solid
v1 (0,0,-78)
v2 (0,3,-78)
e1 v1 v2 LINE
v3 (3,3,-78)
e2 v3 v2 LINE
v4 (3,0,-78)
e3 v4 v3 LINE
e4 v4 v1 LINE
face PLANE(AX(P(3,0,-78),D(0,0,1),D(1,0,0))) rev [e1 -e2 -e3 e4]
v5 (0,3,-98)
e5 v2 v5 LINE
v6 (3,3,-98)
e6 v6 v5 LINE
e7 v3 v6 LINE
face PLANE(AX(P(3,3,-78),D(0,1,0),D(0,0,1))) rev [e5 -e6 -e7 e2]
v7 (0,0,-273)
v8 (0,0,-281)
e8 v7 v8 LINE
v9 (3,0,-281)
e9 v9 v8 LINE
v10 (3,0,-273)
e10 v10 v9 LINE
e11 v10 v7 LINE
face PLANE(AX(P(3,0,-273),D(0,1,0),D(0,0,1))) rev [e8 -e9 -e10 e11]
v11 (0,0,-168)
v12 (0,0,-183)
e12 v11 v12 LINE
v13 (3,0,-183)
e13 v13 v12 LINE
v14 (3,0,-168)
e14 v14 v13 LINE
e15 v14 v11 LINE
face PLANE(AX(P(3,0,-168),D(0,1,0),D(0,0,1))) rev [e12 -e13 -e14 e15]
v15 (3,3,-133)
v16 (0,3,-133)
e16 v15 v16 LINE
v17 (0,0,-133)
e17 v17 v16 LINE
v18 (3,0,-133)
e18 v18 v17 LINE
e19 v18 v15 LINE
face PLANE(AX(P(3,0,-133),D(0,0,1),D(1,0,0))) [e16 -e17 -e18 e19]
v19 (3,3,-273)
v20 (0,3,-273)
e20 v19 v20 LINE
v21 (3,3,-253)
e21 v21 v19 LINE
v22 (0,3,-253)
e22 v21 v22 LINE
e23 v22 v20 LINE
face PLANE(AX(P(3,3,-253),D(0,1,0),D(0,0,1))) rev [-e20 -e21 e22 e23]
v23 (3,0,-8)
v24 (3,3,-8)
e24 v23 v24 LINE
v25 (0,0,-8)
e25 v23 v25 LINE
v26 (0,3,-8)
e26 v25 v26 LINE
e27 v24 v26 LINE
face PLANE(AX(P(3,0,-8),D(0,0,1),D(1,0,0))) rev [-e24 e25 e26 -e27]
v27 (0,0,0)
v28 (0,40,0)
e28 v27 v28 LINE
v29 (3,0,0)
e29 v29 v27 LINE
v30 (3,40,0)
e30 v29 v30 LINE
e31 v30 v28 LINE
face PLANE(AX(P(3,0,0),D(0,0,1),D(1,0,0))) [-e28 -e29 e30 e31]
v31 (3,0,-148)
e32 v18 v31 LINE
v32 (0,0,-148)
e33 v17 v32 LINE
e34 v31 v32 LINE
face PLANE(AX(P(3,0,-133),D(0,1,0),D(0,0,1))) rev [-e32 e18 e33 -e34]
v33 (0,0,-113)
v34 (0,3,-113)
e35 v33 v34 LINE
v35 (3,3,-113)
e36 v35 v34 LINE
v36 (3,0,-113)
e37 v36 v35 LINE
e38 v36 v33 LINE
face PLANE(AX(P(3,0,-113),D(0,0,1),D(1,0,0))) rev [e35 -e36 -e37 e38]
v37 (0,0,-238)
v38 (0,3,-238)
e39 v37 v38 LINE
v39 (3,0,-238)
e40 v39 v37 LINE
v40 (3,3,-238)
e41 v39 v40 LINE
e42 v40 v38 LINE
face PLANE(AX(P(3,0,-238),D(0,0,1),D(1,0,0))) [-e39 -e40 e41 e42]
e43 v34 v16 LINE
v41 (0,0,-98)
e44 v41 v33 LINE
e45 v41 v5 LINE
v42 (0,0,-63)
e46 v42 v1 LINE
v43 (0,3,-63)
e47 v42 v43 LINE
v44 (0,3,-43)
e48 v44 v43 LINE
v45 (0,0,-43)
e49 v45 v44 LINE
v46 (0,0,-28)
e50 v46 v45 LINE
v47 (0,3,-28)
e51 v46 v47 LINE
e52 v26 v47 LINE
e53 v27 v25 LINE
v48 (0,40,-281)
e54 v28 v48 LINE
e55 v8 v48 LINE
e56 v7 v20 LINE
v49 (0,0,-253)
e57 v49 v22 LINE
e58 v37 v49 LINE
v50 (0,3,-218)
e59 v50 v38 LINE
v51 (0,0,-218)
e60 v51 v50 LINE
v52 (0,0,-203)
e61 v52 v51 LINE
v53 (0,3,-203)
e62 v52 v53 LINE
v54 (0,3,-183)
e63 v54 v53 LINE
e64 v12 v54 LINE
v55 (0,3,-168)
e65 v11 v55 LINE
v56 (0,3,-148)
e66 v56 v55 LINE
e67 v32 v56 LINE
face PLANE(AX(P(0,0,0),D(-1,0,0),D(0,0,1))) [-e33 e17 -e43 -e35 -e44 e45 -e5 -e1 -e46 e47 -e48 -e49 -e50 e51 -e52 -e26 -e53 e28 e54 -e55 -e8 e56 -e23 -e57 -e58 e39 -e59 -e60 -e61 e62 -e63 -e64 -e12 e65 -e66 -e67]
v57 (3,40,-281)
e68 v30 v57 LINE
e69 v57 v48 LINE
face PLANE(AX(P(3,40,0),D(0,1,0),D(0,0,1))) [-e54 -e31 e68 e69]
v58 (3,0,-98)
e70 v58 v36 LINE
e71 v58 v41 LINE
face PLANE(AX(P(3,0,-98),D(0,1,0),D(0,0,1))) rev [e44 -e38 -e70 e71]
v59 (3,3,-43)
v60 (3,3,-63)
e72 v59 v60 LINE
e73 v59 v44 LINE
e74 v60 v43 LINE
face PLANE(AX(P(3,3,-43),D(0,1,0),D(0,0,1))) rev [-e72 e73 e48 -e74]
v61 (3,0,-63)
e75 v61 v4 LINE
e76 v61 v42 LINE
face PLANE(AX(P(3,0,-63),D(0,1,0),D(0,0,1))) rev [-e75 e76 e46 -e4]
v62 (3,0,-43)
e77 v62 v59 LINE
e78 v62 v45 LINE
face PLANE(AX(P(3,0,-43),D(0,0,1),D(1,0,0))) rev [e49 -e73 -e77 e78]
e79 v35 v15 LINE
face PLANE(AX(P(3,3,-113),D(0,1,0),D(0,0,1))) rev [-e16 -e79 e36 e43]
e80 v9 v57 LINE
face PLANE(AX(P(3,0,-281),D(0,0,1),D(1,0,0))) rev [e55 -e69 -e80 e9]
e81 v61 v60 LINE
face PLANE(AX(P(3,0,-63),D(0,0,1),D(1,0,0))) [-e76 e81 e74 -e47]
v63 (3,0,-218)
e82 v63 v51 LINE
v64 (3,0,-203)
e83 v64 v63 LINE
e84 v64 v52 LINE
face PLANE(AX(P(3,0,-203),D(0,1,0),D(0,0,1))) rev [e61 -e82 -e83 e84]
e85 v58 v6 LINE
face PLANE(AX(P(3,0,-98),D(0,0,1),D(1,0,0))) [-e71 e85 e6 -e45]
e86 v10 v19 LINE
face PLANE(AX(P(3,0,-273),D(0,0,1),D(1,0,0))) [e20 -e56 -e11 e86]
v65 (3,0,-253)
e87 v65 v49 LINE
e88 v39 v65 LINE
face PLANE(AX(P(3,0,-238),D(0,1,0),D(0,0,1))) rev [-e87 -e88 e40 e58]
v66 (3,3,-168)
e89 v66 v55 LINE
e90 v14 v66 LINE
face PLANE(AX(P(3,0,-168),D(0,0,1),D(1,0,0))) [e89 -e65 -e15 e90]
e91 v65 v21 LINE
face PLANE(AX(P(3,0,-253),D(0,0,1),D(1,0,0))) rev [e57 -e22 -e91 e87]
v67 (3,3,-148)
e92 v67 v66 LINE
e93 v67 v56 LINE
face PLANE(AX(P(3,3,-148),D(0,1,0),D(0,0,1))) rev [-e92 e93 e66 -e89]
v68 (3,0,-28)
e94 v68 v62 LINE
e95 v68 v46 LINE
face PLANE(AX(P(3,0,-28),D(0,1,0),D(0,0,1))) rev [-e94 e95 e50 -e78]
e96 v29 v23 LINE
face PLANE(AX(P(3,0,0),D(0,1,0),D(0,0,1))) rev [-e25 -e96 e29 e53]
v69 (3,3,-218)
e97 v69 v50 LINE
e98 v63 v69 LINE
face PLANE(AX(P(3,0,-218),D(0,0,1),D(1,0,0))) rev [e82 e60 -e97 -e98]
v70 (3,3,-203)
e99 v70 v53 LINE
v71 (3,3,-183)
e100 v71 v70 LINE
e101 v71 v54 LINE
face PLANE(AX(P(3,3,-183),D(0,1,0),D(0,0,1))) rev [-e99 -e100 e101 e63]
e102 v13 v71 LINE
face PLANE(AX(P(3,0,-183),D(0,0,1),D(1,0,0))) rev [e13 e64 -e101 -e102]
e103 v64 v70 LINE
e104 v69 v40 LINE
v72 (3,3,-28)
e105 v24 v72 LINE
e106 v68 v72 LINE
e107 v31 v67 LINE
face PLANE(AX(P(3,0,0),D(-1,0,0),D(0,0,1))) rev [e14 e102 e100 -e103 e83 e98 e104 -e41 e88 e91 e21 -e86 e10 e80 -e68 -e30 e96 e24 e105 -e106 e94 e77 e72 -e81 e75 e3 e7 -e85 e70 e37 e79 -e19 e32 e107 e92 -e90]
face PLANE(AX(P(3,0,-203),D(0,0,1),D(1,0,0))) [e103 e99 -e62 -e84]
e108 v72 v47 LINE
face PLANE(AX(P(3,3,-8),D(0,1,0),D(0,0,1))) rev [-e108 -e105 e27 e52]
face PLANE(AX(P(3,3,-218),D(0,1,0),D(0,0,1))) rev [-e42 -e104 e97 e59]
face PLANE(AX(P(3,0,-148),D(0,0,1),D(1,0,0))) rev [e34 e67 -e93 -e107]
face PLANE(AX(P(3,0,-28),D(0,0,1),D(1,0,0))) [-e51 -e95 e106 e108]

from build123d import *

# Parameters (mm, degrees)
BOSS_EXTRUDE1_DEPTH = 3


with BuildPart() as part:
    # Sketch1 → Boss-Extrude1 (new body)
    with BuildSketch(Plane(origin=(0, 0, 0), x_dir=(0, 0, -1), z_dir=(1, 0, 0))):
        Polygon((28, 0), (43, 0), (43, 3), (63, 3), (63, 0), (78, 0), (78, 3), (98, 3), (98, 0), (113, 0), (113, 3), (133, 3), (133, 0), (148, 0), (148, 3), (168, 3), (168, 0), (183, 0), (183, 3), (203, 3), (203, 0), (218, 0), (218, 3), (238, 3), (238, 0), (253, 0), (253, 3), (273, 3), (273, 0), (281, 0), (281, 40), (0, 40), (0, 0), (8, 0), (8, 3), (28, 3), align=None)
    extrude(amount=BOSS_EXTRUDE1_DEPTH)


solid = part.part
